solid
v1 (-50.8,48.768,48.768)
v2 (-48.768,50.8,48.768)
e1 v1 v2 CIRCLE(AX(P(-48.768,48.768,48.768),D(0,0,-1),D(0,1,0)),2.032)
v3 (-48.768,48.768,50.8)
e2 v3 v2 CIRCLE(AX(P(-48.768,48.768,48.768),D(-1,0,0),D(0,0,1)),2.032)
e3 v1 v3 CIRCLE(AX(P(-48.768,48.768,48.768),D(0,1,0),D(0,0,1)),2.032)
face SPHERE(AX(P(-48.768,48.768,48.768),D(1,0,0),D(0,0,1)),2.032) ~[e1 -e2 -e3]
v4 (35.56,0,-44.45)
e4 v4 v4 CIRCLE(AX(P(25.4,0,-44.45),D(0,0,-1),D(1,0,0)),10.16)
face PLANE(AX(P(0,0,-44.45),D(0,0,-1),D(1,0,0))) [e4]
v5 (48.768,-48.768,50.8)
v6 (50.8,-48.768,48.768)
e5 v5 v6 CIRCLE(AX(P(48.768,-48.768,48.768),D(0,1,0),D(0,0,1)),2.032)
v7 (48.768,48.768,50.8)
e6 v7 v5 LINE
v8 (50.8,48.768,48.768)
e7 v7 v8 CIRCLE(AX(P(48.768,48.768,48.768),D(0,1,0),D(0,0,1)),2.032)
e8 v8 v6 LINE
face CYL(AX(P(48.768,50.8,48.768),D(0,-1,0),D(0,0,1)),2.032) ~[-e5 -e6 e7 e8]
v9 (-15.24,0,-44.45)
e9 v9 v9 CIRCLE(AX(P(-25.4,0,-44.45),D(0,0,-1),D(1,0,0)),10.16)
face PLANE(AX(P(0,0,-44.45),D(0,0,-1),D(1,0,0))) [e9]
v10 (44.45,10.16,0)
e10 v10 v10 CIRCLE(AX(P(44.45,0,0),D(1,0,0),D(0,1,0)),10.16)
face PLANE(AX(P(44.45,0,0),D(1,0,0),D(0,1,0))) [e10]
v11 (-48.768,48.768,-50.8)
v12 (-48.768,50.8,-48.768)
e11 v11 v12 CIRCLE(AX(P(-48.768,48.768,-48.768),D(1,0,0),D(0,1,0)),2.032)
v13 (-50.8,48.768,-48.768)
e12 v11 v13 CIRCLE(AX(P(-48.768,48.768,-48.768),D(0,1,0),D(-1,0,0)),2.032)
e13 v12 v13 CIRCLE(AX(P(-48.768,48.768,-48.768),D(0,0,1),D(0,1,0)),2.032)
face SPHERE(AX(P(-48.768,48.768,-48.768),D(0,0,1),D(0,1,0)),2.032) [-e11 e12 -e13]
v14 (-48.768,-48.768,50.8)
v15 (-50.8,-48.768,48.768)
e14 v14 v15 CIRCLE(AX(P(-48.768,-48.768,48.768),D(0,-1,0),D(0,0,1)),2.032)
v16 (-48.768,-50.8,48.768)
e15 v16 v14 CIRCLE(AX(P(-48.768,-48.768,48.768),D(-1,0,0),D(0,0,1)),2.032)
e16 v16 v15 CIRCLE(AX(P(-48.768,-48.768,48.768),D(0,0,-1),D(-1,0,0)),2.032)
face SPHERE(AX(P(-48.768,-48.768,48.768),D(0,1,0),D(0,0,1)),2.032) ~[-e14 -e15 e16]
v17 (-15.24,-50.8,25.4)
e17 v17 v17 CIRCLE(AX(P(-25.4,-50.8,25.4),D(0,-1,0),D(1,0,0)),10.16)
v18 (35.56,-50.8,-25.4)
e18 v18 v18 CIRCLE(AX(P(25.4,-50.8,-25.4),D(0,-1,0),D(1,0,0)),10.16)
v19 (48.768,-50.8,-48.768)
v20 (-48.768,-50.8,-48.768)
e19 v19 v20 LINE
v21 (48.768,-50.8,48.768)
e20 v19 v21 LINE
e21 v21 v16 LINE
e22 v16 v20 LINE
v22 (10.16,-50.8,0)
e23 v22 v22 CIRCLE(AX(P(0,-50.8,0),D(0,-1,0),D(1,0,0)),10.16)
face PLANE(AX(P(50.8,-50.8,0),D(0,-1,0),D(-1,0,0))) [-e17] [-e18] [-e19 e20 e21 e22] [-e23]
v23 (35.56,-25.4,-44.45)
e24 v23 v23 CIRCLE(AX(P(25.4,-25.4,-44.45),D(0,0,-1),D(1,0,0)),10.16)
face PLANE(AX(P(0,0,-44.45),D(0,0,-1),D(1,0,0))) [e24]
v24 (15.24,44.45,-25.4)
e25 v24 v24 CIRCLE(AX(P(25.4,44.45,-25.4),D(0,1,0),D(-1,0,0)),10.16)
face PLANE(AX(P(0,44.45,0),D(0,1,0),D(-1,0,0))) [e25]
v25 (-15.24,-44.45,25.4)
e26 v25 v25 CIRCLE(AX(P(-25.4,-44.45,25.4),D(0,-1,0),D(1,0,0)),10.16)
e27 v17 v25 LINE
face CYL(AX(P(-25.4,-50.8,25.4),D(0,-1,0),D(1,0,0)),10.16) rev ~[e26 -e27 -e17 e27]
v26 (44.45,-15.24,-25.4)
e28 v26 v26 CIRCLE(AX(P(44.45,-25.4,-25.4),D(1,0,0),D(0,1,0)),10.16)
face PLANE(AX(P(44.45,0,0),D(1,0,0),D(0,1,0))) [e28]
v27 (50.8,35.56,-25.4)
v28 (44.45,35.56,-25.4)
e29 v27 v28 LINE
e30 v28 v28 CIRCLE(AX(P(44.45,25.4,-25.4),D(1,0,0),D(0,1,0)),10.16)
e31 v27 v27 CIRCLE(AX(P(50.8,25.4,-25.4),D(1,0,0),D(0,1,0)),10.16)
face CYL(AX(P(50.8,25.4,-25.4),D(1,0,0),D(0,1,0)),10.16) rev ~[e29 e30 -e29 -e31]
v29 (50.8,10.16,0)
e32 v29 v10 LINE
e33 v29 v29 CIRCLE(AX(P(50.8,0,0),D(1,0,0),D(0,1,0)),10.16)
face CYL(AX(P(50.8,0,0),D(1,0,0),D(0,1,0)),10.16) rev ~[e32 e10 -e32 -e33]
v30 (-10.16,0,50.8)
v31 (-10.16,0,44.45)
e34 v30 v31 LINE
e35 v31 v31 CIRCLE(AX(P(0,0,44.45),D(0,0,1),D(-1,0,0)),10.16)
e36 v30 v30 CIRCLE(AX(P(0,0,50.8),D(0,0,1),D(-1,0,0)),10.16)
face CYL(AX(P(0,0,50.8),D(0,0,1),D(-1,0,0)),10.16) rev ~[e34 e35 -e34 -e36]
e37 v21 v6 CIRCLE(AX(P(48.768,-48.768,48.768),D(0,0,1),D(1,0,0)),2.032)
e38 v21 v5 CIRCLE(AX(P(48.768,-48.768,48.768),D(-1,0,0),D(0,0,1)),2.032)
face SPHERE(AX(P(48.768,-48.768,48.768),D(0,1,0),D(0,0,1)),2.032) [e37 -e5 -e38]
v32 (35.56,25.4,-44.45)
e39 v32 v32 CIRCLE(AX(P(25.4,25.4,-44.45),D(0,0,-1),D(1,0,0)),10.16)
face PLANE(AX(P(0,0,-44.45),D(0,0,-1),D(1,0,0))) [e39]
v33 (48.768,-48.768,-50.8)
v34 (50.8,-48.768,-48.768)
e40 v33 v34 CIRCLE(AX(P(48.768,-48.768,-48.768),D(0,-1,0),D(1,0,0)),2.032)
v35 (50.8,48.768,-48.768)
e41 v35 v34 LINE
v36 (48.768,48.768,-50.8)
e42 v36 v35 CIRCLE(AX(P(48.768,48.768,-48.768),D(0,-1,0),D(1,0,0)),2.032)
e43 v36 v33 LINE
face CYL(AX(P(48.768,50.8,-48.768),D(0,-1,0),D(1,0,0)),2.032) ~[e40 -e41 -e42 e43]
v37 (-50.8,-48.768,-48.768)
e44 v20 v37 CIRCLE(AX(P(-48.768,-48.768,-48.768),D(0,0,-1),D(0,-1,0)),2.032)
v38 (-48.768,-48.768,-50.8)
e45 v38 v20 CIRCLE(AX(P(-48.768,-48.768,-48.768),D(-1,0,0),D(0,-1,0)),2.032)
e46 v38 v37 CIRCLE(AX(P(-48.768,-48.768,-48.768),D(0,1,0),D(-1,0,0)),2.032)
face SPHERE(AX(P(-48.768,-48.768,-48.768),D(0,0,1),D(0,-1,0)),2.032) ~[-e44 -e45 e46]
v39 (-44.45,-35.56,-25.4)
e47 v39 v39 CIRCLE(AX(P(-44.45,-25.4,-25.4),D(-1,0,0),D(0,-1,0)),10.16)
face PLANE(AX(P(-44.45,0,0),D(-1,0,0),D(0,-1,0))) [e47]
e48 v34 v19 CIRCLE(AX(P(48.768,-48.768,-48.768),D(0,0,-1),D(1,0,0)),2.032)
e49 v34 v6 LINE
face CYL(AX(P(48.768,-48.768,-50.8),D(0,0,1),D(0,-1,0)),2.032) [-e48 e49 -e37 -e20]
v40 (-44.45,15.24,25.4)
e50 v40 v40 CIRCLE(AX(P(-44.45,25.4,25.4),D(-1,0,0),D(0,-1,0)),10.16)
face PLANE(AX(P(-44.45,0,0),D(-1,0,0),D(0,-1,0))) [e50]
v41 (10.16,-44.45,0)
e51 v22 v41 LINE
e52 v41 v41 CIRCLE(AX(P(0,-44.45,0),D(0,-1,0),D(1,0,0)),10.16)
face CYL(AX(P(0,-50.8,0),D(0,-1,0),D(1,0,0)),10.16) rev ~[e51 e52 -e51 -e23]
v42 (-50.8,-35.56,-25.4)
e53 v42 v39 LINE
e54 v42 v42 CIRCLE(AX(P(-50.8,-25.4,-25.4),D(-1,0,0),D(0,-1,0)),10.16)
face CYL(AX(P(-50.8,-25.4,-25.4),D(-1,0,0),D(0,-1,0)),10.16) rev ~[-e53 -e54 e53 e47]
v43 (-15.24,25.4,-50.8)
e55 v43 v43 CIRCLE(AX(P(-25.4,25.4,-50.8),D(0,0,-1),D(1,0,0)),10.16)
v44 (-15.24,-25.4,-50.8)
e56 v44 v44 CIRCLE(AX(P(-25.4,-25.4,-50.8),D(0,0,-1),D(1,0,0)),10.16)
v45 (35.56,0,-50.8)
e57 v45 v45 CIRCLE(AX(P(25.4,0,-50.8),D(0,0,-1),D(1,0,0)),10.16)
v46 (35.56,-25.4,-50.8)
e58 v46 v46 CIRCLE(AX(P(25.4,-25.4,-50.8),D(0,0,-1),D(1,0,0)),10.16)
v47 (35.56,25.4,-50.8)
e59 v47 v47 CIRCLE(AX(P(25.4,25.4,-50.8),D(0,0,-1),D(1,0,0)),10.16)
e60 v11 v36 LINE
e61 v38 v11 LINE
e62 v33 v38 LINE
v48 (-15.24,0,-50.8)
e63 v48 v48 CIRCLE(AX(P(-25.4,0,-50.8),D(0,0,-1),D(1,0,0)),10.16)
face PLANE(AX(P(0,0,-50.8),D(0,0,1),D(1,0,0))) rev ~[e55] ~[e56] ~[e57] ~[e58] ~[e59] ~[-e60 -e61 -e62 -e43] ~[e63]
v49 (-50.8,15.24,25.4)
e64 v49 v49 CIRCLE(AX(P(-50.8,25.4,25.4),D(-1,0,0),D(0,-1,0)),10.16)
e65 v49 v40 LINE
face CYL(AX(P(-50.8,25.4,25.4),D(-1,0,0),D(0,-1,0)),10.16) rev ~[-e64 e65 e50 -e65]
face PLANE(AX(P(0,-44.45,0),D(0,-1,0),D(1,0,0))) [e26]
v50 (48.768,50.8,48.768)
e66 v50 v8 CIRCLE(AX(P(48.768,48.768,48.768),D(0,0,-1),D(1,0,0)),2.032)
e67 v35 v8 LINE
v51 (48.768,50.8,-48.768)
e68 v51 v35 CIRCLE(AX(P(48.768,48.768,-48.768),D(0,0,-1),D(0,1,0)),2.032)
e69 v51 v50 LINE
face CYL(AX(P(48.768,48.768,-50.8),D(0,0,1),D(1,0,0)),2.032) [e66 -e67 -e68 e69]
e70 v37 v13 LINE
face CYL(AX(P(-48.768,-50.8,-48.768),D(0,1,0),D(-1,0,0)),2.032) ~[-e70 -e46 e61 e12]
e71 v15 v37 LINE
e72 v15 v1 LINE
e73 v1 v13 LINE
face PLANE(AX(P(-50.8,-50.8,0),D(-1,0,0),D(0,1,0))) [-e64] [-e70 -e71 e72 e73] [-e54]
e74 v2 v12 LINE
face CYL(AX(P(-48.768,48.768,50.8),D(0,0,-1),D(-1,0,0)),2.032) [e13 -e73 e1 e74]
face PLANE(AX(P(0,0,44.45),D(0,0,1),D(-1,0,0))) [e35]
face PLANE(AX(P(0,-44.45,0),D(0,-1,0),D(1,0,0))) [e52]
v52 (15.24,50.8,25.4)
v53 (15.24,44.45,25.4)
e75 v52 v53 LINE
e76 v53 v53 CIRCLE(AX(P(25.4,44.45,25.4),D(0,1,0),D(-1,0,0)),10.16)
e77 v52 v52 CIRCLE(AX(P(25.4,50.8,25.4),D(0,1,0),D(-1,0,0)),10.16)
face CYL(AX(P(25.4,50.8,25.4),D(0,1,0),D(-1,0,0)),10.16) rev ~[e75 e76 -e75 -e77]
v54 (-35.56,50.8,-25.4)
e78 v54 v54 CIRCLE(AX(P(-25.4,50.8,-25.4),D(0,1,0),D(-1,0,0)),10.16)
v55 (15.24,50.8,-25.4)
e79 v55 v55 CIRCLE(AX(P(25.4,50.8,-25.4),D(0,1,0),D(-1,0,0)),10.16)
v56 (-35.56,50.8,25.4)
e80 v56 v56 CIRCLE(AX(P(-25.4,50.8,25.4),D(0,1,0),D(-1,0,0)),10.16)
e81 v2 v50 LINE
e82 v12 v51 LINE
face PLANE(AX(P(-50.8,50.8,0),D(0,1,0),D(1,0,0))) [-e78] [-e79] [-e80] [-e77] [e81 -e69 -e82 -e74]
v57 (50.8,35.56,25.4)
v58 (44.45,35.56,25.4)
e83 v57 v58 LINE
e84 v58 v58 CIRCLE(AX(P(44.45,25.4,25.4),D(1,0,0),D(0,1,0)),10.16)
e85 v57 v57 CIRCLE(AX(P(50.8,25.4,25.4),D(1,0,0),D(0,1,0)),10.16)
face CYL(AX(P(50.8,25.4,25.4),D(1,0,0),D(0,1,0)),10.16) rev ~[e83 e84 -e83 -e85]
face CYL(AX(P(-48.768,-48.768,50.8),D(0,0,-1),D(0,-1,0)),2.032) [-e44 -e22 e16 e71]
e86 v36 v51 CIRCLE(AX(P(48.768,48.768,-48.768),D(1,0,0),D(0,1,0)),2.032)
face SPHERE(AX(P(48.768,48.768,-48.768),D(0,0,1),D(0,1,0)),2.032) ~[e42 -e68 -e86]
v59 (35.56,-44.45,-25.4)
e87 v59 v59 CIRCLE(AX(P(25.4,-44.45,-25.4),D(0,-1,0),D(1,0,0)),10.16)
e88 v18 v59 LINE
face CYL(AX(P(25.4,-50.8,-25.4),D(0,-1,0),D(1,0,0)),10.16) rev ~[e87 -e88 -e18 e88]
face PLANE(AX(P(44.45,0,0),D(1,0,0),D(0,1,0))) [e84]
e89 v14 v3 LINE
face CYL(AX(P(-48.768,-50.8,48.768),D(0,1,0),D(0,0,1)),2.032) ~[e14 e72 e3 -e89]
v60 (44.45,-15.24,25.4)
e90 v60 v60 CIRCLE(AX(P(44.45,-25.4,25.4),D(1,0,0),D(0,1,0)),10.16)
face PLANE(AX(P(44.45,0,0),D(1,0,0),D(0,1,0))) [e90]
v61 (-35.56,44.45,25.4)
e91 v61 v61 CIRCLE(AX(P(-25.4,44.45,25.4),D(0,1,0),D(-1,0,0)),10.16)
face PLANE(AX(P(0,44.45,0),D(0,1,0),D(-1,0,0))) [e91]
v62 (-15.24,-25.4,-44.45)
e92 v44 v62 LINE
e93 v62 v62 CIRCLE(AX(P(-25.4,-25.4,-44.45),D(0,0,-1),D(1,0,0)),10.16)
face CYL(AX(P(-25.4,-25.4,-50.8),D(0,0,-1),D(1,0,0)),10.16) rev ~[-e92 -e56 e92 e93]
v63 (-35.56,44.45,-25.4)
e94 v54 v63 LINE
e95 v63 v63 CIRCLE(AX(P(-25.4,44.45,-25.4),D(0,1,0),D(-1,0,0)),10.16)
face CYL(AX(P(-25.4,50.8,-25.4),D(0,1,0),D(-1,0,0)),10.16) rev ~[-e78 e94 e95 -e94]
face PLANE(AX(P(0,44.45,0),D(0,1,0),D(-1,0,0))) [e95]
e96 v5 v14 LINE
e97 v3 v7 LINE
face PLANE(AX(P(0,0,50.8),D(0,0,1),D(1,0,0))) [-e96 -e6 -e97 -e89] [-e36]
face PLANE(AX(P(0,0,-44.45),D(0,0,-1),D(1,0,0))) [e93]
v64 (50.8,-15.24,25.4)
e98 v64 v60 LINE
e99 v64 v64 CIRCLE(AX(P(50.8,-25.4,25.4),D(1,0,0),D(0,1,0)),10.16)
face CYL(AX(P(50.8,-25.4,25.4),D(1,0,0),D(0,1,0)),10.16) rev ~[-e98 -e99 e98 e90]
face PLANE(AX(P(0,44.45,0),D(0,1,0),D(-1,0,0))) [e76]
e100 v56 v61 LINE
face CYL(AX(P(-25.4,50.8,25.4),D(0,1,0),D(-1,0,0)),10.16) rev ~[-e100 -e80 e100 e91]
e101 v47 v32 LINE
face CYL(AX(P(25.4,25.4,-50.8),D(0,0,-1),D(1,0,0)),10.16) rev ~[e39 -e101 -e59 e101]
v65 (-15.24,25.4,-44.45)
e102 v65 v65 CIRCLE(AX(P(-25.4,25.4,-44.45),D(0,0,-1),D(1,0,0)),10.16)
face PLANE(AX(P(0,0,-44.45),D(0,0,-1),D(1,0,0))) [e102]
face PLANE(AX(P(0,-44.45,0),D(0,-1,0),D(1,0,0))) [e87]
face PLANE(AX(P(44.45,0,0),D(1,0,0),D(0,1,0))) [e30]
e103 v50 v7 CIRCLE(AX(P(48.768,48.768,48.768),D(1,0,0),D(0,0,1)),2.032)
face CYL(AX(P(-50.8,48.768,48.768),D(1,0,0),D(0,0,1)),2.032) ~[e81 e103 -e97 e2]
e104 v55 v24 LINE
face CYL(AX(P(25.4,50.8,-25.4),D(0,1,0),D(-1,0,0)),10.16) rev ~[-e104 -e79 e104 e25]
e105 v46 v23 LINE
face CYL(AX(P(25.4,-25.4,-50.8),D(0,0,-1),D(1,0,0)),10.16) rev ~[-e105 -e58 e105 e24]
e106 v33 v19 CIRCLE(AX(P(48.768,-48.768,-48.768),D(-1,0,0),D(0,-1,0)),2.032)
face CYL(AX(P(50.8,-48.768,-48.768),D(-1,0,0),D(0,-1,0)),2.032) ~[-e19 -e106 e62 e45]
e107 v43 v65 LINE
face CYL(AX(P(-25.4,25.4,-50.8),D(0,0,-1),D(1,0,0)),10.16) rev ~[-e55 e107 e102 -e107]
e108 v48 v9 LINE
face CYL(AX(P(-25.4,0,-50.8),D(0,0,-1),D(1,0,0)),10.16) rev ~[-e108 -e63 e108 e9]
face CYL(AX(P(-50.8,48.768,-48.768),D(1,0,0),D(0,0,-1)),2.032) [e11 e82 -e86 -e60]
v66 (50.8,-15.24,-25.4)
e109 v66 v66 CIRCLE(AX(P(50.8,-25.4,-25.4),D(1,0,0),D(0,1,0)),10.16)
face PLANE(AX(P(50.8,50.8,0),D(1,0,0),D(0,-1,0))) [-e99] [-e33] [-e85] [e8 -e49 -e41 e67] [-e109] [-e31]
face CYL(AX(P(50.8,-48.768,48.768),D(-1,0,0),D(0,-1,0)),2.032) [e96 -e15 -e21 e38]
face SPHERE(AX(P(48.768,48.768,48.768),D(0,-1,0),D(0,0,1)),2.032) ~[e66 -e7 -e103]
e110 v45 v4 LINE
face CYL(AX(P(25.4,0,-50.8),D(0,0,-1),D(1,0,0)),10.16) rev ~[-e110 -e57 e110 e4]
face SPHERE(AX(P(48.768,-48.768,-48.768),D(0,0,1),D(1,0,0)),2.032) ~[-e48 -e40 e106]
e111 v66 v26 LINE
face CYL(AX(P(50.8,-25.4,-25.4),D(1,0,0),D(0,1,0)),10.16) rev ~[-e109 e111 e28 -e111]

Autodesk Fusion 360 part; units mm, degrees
sketch "Sketch1" plane through (0, 0, 0) normal (0, 0, 1) x (1, 0, 0)
  line L0 (50.8, -50.8) -> (-50.8, -50.8)
  line L1 (-50.8, -50.8) -> (-50.8, 50.8)
  line L2 (-50.8, 50.8) -> (50.8, 50.8)
  line L3 (50.8, 50.8) -> (50.8, -50.8)
  line L4 (50.8, -50.8) -> (-50.8, 50.8) construction
  line L5 (-50.8, -50.8) -> (50.8, 50.8) construction
  dimension "d1" = 101.6
  dimension "d2" = 101.6
extrude "Extrude1" add sketch "Sketch1" along normal mid plane 101.6
sketch "Sketch2" plane through (0, 0, 50.8) normal (0, 0, 1) x (-1, 0, 0)
  line L0 (-50.8, -50.8) -> (50.8, -50.8)
  line L1 (50.8, -50.8) -> (50.8, 50.8)
  line L2 (50.8, 50.8) -> (-50.8, 50.8)
  line L3 (-50.8, 50.8) -> (-50.8, -50.8)
  circle A0 centre (0, 0) radius 10.16
  dimension "d5" = 20.32
extrude "Extrude2" cut sketch "Sketch2" against normal blind 6.35 contours A0
sketch "Sketch3" plane through (0, -50.8, 0) normal (0, -1, 0) x (1, 0, 0)
  line L0 (50.8, -50.8) -> (50.8, 50.8)
  line L1 (50.8, 50.8) -> (-50.8, 50.8)
  line L2 (-50.8, 50.8) -> (-50.8, -50.8)
  line L3 (-50.8, -50.8) -> (50.8, -50.8)
  line L4 (-50.8, 50.8) -> (50.8, -50.8) construction
  line L5 (50.8, 50.8) -> (-50.8, -50.8) construction
  circle A0 centre (0, 0) radius 10.16
  circle A1 centre (-25.4, 25.4) radius 10.16
  circle A2 centre (25.4, -25.4) radius 10.16
  dimension "d9" = 20.32
  dimension "d12" = 20.32
  dimension "d13" = 20.32
extrude "Extrude3" cut sketch "Sketch3" against normal blind 6.35 contours A0 | A1 | A2
sketch "Sketch4" plane through (50.8, 0, 0) normal (1, 0, 0) x (0, 1, 0)
  line L0 (50.8, -50.8) -> (50.8, 50.8)
  line L1 (50.8, 50.8) -> (-50.8, 50.8)
  line L2 (-50.8, 50.8) -> (-50.8, -50.8)
  line L3 (-50.8, -50.8) -> (50.8, -50.8)
  line L4 (-50.8, 50.8) -> (50.8, -50.8) construction
  line L5 (50.8, 50.8) -> (-50.8, -50.8) construction
  circle A0 centre (0, 0) radius 10.16
  circle A1 centre (25.4, 25.4) radius 10.16
  circle A2 centre (25.4, -25.4) radius 10.16
  circle A3 centre (-25.4, -25.4) radius 10.16
  circle A4 centre (-25.4, 25.4) radius 10.16
  dimension "d16" = 20.32
  dimension "d17" = 20.32
  dimension "d18" = 20.32
  dimension "d19" = 20.32
  dimension "d20" = 20.32
extrude "Extrude4" cut sketch "Sketch4" against normal blind 6.35 contours A0 | A1 | A2 | A3 | A4
sketch "Sketch5" plane through (0, 50.8, 0) normal (0, 1, 0) x (-1, 0, 0)
  line L0 (50.8, -50.8) -> (50.8, 50.8)
  line L1 (50.8, 50.8) -> (-50.8, 50.8)
  line L2 (-50.8, 50.8) -> (-50.8, -50.8)
  line L3 (-50.8, -50.8) -> (50.8, -50.8)
  circle A0 centre (-25.4, 25.4) radius 10.16
  circle A1 centre (25.4, 25.4) radius 10.16
  circle A2 centre (25.4, -25.4) radius 10.16
  circle A3 centre (-25.4, -25.4) radius 10.16
  dimension "d26" = 20.32
extrude "Extrude5" cut sketch "Sketch5" against normal blind 6.35 contours A0 | A1 | A2 | A3
sketch "Sketch6" plane through (-50.8, 0, 0) normal (-1, 0, 0) x (0, -1, 0)
  line L0 (50.8, -50.8) -> (50.8, 50.8)
  line L1 (50.8, 50.8) -> (-50.8, 50.8)
  line L2 (-50.8, 50.8) -> (-50.8, -50.8)
  line L3 (-50.8, -50.8) -> (50.8, -50.8)
  circle A0 centre (-25.4, 25.4) radius 10.16
  circle A1 centre (25.4, -25.4) radius 10.16
  dimension "d29" = 20.32
  dimension "d30" = 20.32
extrude "Extrude6" cut sketch "Sketch6" against normal blind 6.35 contours A0 | A1
sketch "Sketch7" plane through (0, 0, -50.8) normal (0, 0, -1) x (1, 0, 0)
  line L0 (-50.8, -50.8) -> (50.8, -50.8)
  line L1 (50.8, -50.8) -> (50.8, 50.8)
  line L2 (50.8, 50.8) -> (-50.8, 50.8)
  line L3 (-50.8, 50.8) -> (-50.8, -50.8)
  circle A0 centre (-25.4, 0) radius 10.16
  circle A1 centre (-25.4, -25.4) radius 10.16
  circle A2 centre (-25.4, 25.4) radius 10.16
  circle A3 centre (25.4, 25.4) radius 10.16
  circle A4 centre (25.4, 0) radius 10.16
  circle A5 centre (25.4, -25.4) radius 10.16
  dimension "d33" = 20.32
extrude "Extrude7" cut sketch "Sketch7" against normal blind 6.35 contours A0 | A1 | A2 | A3 | A4 | A5
fillet "Fillet1" radius 2.032 12 edges at (50.8, 0, 50.8) (0, 50.8, 50.8) (-50.8, 0, 50.8) (0, -50.8, 50.8) (-50.8, -50.8, 0) (50.8, -50.8, 0) (50.8, 50.8, 0) (-50.8, 50.8, 0) (0, 50.8, -50.8) (50.8, 0, -50.8) (0, -50.8, -50.8) (-50.8, 0, -50.8)
equation "d1 = dicesize"
equation "d2 = dicesize"
equation "d3 = dicesize / 2"
equation "d5 = DivotDia"
equation "d6 = ( -1 / 4 ) * 1 in"
equation "d9 = DivotDia"
equation "d12 = DivotDia"
equation "d13 = DivotDia"
equation "d14 = ( -1 / 4 ) * 1 in"
equation "d16 = DivotDia"
equation "d17 = DivotDia"
equation "d18 = DivotDia"
equation "d19 = DivotDia"
equation "d20 = DivotDia"
equation "d21 = ( -1 / 4 ) * 1 in"
equation "dicesize = 4 in"
equation "DivotDia = 0.8 in"
equation "DivotDepth = 0.25 in"
equation "d26 = DivotDia"
equation "d27 = -DivotDepth"
equation "d29 = DivotDia"
equation "d30 = DivotDia"
equation "d31 = -DivotDepth"
equation "d33 = DivotDia"
equation "d34 = -DivotDepth"
